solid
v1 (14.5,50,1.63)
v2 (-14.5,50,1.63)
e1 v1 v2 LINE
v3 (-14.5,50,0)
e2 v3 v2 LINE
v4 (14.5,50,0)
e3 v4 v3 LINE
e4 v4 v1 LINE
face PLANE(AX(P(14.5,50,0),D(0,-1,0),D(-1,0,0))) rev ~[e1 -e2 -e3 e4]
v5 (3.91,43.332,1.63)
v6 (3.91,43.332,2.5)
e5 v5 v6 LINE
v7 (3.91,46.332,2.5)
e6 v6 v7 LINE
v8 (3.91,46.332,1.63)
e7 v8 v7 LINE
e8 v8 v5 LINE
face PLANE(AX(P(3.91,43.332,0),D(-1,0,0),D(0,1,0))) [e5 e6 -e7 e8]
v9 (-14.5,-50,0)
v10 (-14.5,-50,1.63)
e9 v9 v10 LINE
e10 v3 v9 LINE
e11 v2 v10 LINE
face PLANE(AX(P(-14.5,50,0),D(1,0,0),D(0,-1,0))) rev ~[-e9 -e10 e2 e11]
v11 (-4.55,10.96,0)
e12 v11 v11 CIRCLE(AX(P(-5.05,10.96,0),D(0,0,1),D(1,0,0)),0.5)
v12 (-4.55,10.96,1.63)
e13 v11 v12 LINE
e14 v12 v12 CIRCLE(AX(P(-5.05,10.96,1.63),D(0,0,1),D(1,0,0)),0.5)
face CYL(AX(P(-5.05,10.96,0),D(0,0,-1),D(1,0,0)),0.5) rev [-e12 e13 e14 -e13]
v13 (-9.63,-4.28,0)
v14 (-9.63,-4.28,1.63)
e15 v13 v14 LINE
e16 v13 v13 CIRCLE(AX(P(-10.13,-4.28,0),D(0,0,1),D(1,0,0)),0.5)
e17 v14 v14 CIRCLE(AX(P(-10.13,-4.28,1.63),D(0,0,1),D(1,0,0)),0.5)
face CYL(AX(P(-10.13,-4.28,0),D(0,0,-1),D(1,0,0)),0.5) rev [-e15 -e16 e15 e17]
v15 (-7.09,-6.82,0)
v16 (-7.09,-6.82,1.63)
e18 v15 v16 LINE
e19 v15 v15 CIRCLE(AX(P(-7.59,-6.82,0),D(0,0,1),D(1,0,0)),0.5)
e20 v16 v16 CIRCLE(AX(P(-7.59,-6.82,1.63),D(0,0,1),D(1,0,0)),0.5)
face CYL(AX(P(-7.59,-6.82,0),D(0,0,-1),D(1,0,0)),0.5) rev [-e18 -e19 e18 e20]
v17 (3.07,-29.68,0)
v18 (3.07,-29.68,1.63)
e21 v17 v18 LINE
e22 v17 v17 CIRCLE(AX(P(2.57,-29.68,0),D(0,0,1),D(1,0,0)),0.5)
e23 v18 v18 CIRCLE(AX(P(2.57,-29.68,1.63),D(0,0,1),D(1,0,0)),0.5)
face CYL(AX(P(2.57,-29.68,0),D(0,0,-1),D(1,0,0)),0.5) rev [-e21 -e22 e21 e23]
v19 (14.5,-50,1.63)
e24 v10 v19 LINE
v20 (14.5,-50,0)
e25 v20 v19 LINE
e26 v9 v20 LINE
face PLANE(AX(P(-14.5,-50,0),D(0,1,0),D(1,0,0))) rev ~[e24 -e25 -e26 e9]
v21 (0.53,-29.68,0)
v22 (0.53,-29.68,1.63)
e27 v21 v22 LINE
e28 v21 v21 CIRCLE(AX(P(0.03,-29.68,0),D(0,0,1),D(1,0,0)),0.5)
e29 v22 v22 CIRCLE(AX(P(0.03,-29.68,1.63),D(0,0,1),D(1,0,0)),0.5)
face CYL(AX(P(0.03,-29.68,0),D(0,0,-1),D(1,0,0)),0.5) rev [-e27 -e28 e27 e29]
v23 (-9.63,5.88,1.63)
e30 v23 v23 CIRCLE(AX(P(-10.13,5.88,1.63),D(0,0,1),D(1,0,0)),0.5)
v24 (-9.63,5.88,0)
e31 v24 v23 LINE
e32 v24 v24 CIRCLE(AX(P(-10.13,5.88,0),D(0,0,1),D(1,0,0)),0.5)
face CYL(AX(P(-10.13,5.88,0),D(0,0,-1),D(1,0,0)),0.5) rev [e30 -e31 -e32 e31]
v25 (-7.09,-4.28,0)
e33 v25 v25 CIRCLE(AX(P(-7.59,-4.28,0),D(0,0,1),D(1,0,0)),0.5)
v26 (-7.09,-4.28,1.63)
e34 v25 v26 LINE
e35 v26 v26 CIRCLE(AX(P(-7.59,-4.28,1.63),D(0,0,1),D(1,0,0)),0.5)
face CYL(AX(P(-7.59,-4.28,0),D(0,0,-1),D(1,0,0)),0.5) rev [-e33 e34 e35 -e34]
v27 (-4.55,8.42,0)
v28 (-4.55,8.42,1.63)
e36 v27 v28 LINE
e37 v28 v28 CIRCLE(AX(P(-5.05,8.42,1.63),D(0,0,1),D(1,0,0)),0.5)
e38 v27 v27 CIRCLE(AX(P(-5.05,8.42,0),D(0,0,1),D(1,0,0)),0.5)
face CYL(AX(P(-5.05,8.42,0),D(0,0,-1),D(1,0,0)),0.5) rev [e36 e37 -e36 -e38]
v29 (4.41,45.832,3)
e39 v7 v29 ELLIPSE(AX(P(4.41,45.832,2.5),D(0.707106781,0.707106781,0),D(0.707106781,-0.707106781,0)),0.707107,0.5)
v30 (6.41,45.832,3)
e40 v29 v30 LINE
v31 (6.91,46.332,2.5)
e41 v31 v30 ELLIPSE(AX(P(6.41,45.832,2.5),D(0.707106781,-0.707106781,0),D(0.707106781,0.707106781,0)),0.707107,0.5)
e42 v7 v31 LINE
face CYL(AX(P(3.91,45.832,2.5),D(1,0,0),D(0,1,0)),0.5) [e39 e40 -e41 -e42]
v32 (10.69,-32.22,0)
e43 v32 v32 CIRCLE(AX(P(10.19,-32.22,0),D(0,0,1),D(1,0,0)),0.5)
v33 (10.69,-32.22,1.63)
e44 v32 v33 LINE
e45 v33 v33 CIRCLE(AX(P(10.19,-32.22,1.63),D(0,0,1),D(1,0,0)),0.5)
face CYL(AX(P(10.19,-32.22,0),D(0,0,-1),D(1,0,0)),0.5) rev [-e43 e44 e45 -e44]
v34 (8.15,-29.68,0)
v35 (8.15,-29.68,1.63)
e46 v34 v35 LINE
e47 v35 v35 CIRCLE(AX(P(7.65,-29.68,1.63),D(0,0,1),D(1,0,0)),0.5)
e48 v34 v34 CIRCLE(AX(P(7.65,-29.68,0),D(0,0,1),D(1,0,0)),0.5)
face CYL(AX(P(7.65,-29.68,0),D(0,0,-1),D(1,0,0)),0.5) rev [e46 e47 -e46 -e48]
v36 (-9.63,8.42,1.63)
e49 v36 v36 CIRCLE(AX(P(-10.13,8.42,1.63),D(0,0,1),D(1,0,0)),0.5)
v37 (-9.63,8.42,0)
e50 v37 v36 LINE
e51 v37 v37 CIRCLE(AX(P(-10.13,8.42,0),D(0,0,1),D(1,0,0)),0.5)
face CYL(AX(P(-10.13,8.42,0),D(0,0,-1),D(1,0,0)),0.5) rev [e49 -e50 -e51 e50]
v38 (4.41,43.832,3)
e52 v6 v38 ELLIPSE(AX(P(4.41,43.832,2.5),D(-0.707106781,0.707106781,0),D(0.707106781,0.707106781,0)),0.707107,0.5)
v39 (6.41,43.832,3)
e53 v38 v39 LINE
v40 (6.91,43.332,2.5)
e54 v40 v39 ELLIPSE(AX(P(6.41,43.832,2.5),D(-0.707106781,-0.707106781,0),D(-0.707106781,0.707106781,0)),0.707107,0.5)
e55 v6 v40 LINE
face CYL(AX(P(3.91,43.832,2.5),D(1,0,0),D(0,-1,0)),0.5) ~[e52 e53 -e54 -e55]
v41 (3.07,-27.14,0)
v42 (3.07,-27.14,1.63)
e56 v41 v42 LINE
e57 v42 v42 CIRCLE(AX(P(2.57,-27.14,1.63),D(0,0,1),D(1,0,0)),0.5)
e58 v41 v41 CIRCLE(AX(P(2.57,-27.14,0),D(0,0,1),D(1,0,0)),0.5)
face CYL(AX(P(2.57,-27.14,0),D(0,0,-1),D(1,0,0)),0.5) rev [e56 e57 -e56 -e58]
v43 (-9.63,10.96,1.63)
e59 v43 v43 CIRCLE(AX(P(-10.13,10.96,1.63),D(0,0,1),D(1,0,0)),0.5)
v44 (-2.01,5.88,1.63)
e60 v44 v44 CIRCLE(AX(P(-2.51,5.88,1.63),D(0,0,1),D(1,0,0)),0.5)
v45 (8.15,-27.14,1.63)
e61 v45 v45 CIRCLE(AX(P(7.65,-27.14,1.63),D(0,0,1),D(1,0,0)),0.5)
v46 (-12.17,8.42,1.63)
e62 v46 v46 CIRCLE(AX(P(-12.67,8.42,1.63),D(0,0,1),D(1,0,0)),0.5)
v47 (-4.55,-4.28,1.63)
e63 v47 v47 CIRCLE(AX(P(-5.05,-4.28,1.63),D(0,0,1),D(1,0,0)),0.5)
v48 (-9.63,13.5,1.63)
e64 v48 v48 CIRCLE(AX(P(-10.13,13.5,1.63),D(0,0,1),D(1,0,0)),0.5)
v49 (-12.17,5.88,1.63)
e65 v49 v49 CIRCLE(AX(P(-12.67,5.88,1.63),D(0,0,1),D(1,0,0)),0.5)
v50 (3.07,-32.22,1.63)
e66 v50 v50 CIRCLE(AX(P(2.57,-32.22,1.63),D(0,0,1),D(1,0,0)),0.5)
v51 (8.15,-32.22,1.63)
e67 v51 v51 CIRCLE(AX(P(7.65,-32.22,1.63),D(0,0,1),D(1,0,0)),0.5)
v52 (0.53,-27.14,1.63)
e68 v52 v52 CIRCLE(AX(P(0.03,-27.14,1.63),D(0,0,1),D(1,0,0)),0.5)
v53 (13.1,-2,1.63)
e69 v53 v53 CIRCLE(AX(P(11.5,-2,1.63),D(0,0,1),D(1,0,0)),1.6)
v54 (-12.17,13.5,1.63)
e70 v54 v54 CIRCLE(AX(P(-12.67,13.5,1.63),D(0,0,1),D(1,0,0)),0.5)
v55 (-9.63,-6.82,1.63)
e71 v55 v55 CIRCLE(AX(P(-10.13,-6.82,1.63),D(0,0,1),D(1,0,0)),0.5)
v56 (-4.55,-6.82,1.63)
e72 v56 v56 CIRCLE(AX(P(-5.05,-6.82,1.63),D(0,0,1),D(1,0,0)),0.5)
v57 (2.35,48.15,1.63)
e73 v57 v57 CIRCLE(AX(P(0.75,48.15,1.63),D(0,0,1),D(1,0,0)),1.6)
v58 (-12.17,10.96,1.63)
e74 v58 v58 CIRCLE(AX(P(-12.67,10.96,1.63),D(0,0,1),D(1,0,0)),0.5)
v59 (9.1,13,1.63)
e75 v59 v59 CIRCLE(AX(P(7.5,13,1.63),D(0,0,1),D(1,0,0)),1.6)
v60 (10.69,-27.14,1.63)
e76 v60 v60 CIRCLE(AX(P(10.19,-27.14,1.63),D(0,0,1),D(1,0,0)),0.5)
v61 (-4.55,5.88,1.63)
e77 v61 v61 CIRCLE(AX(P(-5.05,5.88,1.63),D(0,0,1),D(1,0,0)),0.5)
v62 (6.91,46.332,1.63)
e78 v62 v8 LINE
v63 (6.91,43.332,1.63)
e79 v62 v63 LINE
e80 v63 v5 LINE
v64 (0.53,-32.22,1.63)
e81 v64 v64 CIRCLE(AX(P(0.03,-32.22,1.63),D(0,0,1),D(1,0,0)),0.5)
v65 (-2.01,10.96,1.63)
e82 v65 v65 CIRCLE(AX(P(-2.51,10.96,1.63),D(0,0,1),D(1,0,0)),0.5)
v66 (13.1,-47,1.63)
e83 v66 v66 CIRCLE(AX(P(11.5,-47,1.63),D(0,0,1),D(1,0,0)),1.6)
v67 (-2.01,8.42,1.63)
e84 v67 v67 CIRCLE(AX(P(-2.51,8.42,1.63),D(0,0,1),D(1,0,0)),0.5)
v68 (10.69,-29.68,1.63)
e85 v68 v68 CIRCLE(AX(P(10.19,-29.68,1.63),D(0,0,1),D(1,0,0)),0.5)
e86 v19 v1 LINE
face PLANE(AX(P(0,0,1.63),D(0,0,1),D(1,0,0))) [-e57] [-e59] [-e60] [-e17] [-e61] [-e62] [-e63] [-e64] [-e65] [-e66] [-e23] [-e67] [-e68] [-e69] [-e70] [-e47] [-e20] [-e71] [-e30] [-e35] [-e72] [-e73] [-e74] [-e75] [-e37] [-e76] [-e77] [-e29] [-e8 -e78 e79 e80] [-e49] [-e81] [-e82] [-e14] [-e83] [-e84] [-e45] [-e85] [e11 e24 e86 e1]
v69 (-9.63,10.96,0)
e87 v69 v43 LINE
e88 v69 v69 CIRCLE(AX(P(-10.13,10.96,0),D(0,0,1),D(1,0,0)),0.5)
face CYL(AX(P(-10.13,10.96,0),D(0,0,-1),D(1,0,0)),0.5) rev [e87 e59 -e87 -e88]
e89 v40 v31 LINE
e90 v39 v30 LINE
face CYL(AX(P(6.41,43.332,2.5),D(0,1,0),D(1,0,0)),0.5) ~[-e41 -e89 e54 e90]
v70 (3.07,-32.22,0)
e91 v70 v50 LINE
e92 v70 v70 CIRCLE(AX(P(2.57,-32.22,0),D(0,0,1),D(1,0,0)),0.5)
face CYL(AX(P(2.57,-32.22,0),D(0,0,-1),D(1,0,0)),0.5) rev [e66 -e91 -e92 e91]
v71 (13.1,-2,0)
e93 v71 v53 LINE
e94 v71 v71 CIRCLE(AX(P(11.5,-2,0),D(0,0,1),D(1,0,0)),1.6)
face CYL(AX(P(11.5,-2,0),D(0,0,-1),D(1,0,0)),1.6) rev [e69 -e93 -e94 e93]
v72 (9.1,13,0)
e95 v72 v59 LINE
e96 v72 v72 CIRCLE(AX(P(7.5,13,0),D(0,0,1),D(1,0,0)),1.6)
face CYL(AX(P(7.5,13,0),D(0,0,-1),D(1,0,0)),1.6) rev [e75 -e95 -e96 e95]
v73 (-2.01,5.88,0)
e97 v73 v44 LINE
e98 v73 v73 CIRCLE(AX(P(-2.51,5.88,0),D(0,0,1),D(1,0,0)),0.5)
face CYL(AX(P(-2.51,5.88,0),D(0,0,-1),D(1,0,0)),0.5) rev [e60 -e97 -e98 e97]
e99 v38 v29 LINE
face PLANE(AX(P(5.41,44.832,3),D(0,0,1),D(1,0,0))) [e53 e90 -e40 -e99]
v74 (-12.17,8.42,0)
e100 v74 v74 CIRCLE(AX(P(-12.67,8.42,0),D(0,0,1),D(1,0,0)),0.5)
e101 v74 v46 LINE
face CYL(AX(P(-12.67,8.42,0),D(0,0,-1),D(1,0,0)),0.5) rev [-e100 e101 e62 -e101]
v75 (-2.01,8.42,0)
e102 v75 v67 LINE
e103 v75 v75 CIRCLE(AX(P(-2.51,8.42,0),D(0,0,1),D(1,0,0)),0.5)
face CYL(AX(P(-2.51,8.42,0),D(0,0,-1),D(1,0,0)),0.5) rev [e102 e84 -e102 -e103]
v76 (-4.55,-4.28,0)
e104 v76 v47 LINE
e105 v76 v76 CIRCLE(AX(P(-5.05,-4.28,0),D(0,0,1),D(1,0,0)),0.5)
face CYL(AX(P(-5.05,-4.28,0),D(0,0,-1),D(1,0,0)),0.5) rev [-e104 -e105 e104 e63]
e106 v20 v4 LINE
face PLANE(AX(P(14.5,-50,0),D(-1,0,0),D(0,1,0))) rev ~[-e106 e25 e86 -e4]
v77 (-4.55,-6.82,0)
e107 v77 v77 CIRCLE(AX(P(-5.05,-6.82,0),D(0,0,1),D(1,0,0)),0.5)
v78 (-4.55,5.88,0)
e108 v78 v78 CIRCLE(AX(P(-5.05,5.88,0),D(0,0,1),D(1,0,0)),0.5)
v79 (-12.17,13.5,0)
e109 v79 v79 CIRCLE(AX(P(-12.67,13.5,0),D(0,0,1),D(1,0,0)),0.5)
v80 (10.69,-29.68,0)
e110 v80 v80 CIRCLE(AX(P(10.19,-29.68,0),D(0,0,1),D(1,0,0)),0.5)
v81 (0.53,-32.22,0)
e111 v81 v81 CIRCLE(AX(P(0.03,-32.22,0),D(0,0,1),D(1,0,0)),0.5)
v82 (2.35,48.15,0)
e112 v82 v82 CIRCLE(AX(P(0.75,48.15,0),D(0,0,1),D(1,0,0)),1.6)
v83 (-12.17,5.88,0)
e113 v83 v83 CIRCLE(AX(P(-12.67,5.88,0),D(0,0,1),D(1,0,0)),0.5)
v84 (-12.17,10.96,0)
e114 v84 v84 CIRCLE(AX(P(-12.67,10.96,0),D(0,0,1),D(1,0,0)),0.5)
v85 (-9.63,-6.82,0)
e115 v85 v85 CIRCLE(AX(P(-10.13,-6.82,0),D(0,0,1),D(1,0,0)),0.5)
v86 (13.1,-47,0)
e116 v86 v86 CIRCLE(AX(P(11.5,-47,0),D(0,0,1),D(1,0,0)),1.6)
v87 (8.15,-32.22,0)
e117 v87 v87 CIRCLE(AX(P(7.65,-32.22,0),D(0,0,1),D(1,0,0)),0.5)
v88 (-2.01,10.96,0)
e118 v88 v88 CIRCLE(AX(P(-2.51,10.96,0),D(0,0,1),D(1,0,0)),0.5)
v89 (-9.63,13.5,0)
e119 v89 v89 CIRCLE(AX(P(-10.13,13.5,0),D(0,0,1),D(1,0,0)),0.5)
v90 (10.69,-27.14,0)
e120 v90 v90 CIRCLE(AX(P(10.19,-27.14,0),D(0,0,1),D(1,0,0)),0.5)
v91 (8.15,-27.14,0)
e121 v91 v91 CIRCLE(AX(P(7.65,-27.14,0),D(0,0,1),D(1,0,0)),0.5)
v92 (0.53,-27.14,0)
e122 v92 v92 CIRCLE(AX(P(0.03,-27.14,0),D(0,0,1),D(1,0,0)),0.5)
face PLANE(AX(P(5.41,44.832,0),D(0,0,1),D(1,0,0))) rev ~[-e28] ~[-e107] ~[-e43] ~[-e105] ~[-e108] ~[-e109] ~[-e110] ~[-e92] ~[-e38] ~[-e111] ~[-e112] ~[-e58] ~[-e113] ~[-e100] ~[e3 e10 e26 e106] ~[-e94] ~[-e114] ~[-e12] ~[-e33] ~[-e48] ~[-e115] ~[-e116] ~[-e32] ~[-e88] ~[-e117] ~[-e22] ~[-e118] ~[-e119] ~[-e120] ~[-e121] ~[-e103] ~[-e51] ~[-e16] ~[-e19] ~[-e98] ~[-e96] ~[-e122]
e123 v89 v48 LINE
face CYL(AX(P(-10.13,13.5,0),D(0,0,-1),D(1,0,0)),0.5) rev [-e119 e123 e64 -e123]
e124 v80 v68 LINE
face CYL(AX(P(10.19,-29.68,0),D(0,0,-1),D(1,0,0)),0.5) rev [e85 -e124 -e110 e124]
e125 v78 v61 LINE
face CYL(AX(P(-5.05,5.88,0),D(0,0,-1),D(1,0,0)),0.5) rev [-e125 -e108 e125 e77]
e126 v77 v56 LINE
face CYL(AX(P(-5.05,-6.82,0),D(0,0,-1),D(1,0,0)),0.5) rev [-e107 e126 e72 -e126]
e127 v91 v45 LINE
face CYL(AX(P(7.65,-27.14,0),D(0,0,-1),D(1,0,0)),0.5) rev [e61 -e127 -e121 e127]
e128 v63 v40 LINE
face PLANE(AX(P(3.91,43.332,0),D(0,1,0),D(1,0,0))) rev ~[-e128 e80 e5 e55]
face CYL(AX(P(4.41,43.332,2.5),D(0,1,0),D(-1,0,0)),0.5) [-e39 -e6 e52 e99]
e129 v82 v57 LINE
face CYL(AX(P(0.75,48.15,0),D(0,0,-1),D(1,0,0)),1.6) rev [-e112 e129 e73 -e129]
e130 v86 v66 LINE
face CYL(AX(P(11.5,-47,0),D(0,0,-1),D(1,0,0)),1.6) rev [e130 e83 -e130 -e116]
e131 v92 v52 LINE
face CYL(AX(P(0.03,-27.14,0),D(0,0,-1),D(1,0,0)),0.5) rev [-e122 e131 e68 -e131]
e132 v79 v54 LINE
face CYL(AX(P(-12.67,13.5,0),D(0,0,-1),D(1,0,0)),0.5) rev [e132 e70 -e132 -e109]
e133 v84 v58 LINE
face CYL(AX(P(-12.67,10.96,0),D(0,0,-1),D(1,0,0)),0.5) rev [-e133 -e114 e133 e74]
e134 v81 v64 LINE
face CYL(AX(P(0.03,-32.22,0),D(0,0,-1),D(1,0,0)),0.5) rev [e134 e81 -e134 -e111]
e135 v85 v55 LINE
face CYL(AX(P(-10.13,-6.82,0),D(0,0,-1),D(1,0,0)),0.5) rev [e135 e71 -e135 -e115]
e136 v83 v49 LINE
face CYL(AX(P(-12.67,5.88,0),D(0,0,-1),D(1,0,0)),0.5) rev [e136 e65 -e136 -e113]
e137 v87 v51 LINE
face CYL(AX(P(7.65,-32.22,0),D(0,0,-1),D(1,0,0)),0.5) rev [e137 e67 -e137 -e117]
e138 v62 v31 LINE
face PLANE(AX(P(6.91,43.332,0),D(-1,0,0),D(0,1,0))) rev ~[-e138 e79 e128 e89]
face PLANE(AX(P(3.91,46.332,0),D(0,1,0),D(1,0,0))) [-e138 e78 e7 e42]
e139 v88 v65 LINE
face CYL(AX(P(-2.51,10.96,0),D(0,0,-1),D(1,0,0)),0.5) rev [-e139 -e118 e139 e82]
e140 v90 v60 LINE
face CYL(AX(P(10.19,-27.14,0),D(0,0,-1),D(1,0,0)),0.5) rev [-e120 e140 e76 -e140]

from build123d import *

# Parameters (mm, degrees)
F0_R     = 0.5
F0_R_2   = 1.6
F0_W     = 3
F0_H     = 3
F1_DEPTH = 1.63
F2_DEPTH = 3
F3_R     = 0.5


with BuildPart() as f1:
    # F0 (on Top) → F1 (new body)
    with BuildSketch(Plane.XY):
        Polygon((14.5, -50), (14.5, 50), (-14.5, 50), (-14.5, -50), (-2.65, -50), (7.25, -50), align=None)
        with Locations((-10.13, -6.82)):
            Circle(F0_R, mode=Mode.SUBTRACT)
        with Locations((-7.59, -6.82)):
            Circle(F0_R, mode=Mode.SUBTRACT)
        with Locations((-10.13, -4.28)):
            Circle(F0_R, mode=Mode.SUBTRACT)
        with Locations((-7.59, -4.28)):
            Circle(F0_R, mode=Mode.SUBTRACT)
        with Locations((-5.05, -6.82)):
            Circle(F0_R, mode=Mode.SUBTRACT)
        with Locations((-5.05, -4.28)):
            Circle(F0_R, mode=Mode.SUBTRACT)
        with Locations((0.03, -32.22)):
            Circle(F0_R, mode=Mode.SUBTRACT)
        with Locations((2.57, -32.22)):
            Circle(F0_R, mode=Mode.SUBTRACT)
        with Locations((0.03, -29.68)):
            Circle(F0_R, mode=Mode.SUBTRACT)
        with Locations((0.03, -27.14)):
            Circle(F0_R, mode=Mode.SUBTRACT)
        with Locations((2.57, -29.68)):
            Circle(F0_R, mode=Mode.SUBTRACT)
        with Locations((2.57, -27.14)):
            Circle(F0_R, mode=Mode.SUBTRACT)
        with Locations((11.5, -47)):
            Circle(F0_R_2, mode=Mode.SUBTRACT)
        with Locations((7.65, -32.22)):
            Circle(F0_R, mode=Mode.SUBTRACT)
        with Locations((10.19, -32.22)):
            Circle(F0_R, mode=Mode.SUBTRACT)
        with Locations((7.65, -29.68)):
            Circle(F0_R, mode=Mode.SUBTRACT)
        with Locations((7.65, -27.14)):
            Circle(F0_R, mode=Mode.SUBTRACT)
        with Locations((10.19, -29.68)):
            Circle(F0_R, mode=Mode.SUBTRACT)
        with Locations((10.19, -27.14)):
            Circle(F0_R, mode=Mode.SUBTRACT)
        with Locations((11.5, -2)):
            Circle(F0_R_2, mode=Mode.SUBTRACT)
        with Locations((-12.67, 5.88)):
            Circle(F0_R, mode=Mode.SUBTRACT)
        with Locations((-12.67, 8.42)):
            Circle(F0_R, mode=Mode.SUBTRACT)
        with Locations((-12.67, 10.96)):
            Circle(F0_R, mode=Mode.SUBTRACT)
        with Locations((-10.13, 5.88)):
            Circle(F0_R, mode=Mode.SUBTRACT)
        with Locations((-10.13, 8.42)):
            Circle(F0_R, mode=Mode.SUBTRACT)
        with Locations((-10.13, 10.96)):
            Circle(F0_R, mode=Mode.SUBTRACT)
        with Locations((-12.67, 13.5)):
            Circle(F0_R, mode=Mode.SUBTRACT)
        with Locations((-10.13, 13.5)):
            Circle(F0_R, mode=Mode.SUBTRACT)
        with Locations((-5.05, 5.88)):
            Circle(F0_R, mode=Mode.SUBTRACT)
        with Locations((-5.05, 8.42)):
            Circle(F0_R, mode=Mode.SUBTRACT)
        with Locations((-5.05, 10.96)):
            Circle(F0_R, mode=Mode.SUBTRACT)
        with Locations((-2.51, 5.88)):
            Circle(F0_R, mode=Mode.SUBTRACT)
        with Locations((-2.51, 8.42)):
            Circle(F0_R, mode=Mode.SUBTRACT)
        with Locations((-2.51, 10.96)):
            Circle(F0_R, mode=Mode.SUBTRACT)
        with Locations((7.5, 13)):
            Circle(F0_R_2, mode=Mode.SUBTRACT)
        with Locations((0.75, 48.15)):
            Circle(F0_R_2, mode=Mode.SUBTRACT)
        with Locations((5.41, 44.832)):
            Rectangle(F0_W, F0_H, mode=Mode.SUBTRACT)
        with Locations((5.41, 44.832)):
            Rectangle(F0_W, F0_H)
    extrude(amount=F1_DEPTH)

    # F0 (on Top) → F2 (join)
    with BuildSketch(Plane.XY):
        with Locations((5.41, 44.832)):
            Rectangle(F0_W, F0_H)
    extrude(amount=F2_DEPTH)

    # F3
    f3_edges = [f1.edges().sort_by_distance(p)[0] for p in [
        (6.91, 44.832, 3),
        (5.41, 46.332, 3),
        (3.91, 44.832, 3),
        (5.41, 43.332, 3),
    ]]
    fillet(f3_edges, radius=F3_R)


solid = f1.part
